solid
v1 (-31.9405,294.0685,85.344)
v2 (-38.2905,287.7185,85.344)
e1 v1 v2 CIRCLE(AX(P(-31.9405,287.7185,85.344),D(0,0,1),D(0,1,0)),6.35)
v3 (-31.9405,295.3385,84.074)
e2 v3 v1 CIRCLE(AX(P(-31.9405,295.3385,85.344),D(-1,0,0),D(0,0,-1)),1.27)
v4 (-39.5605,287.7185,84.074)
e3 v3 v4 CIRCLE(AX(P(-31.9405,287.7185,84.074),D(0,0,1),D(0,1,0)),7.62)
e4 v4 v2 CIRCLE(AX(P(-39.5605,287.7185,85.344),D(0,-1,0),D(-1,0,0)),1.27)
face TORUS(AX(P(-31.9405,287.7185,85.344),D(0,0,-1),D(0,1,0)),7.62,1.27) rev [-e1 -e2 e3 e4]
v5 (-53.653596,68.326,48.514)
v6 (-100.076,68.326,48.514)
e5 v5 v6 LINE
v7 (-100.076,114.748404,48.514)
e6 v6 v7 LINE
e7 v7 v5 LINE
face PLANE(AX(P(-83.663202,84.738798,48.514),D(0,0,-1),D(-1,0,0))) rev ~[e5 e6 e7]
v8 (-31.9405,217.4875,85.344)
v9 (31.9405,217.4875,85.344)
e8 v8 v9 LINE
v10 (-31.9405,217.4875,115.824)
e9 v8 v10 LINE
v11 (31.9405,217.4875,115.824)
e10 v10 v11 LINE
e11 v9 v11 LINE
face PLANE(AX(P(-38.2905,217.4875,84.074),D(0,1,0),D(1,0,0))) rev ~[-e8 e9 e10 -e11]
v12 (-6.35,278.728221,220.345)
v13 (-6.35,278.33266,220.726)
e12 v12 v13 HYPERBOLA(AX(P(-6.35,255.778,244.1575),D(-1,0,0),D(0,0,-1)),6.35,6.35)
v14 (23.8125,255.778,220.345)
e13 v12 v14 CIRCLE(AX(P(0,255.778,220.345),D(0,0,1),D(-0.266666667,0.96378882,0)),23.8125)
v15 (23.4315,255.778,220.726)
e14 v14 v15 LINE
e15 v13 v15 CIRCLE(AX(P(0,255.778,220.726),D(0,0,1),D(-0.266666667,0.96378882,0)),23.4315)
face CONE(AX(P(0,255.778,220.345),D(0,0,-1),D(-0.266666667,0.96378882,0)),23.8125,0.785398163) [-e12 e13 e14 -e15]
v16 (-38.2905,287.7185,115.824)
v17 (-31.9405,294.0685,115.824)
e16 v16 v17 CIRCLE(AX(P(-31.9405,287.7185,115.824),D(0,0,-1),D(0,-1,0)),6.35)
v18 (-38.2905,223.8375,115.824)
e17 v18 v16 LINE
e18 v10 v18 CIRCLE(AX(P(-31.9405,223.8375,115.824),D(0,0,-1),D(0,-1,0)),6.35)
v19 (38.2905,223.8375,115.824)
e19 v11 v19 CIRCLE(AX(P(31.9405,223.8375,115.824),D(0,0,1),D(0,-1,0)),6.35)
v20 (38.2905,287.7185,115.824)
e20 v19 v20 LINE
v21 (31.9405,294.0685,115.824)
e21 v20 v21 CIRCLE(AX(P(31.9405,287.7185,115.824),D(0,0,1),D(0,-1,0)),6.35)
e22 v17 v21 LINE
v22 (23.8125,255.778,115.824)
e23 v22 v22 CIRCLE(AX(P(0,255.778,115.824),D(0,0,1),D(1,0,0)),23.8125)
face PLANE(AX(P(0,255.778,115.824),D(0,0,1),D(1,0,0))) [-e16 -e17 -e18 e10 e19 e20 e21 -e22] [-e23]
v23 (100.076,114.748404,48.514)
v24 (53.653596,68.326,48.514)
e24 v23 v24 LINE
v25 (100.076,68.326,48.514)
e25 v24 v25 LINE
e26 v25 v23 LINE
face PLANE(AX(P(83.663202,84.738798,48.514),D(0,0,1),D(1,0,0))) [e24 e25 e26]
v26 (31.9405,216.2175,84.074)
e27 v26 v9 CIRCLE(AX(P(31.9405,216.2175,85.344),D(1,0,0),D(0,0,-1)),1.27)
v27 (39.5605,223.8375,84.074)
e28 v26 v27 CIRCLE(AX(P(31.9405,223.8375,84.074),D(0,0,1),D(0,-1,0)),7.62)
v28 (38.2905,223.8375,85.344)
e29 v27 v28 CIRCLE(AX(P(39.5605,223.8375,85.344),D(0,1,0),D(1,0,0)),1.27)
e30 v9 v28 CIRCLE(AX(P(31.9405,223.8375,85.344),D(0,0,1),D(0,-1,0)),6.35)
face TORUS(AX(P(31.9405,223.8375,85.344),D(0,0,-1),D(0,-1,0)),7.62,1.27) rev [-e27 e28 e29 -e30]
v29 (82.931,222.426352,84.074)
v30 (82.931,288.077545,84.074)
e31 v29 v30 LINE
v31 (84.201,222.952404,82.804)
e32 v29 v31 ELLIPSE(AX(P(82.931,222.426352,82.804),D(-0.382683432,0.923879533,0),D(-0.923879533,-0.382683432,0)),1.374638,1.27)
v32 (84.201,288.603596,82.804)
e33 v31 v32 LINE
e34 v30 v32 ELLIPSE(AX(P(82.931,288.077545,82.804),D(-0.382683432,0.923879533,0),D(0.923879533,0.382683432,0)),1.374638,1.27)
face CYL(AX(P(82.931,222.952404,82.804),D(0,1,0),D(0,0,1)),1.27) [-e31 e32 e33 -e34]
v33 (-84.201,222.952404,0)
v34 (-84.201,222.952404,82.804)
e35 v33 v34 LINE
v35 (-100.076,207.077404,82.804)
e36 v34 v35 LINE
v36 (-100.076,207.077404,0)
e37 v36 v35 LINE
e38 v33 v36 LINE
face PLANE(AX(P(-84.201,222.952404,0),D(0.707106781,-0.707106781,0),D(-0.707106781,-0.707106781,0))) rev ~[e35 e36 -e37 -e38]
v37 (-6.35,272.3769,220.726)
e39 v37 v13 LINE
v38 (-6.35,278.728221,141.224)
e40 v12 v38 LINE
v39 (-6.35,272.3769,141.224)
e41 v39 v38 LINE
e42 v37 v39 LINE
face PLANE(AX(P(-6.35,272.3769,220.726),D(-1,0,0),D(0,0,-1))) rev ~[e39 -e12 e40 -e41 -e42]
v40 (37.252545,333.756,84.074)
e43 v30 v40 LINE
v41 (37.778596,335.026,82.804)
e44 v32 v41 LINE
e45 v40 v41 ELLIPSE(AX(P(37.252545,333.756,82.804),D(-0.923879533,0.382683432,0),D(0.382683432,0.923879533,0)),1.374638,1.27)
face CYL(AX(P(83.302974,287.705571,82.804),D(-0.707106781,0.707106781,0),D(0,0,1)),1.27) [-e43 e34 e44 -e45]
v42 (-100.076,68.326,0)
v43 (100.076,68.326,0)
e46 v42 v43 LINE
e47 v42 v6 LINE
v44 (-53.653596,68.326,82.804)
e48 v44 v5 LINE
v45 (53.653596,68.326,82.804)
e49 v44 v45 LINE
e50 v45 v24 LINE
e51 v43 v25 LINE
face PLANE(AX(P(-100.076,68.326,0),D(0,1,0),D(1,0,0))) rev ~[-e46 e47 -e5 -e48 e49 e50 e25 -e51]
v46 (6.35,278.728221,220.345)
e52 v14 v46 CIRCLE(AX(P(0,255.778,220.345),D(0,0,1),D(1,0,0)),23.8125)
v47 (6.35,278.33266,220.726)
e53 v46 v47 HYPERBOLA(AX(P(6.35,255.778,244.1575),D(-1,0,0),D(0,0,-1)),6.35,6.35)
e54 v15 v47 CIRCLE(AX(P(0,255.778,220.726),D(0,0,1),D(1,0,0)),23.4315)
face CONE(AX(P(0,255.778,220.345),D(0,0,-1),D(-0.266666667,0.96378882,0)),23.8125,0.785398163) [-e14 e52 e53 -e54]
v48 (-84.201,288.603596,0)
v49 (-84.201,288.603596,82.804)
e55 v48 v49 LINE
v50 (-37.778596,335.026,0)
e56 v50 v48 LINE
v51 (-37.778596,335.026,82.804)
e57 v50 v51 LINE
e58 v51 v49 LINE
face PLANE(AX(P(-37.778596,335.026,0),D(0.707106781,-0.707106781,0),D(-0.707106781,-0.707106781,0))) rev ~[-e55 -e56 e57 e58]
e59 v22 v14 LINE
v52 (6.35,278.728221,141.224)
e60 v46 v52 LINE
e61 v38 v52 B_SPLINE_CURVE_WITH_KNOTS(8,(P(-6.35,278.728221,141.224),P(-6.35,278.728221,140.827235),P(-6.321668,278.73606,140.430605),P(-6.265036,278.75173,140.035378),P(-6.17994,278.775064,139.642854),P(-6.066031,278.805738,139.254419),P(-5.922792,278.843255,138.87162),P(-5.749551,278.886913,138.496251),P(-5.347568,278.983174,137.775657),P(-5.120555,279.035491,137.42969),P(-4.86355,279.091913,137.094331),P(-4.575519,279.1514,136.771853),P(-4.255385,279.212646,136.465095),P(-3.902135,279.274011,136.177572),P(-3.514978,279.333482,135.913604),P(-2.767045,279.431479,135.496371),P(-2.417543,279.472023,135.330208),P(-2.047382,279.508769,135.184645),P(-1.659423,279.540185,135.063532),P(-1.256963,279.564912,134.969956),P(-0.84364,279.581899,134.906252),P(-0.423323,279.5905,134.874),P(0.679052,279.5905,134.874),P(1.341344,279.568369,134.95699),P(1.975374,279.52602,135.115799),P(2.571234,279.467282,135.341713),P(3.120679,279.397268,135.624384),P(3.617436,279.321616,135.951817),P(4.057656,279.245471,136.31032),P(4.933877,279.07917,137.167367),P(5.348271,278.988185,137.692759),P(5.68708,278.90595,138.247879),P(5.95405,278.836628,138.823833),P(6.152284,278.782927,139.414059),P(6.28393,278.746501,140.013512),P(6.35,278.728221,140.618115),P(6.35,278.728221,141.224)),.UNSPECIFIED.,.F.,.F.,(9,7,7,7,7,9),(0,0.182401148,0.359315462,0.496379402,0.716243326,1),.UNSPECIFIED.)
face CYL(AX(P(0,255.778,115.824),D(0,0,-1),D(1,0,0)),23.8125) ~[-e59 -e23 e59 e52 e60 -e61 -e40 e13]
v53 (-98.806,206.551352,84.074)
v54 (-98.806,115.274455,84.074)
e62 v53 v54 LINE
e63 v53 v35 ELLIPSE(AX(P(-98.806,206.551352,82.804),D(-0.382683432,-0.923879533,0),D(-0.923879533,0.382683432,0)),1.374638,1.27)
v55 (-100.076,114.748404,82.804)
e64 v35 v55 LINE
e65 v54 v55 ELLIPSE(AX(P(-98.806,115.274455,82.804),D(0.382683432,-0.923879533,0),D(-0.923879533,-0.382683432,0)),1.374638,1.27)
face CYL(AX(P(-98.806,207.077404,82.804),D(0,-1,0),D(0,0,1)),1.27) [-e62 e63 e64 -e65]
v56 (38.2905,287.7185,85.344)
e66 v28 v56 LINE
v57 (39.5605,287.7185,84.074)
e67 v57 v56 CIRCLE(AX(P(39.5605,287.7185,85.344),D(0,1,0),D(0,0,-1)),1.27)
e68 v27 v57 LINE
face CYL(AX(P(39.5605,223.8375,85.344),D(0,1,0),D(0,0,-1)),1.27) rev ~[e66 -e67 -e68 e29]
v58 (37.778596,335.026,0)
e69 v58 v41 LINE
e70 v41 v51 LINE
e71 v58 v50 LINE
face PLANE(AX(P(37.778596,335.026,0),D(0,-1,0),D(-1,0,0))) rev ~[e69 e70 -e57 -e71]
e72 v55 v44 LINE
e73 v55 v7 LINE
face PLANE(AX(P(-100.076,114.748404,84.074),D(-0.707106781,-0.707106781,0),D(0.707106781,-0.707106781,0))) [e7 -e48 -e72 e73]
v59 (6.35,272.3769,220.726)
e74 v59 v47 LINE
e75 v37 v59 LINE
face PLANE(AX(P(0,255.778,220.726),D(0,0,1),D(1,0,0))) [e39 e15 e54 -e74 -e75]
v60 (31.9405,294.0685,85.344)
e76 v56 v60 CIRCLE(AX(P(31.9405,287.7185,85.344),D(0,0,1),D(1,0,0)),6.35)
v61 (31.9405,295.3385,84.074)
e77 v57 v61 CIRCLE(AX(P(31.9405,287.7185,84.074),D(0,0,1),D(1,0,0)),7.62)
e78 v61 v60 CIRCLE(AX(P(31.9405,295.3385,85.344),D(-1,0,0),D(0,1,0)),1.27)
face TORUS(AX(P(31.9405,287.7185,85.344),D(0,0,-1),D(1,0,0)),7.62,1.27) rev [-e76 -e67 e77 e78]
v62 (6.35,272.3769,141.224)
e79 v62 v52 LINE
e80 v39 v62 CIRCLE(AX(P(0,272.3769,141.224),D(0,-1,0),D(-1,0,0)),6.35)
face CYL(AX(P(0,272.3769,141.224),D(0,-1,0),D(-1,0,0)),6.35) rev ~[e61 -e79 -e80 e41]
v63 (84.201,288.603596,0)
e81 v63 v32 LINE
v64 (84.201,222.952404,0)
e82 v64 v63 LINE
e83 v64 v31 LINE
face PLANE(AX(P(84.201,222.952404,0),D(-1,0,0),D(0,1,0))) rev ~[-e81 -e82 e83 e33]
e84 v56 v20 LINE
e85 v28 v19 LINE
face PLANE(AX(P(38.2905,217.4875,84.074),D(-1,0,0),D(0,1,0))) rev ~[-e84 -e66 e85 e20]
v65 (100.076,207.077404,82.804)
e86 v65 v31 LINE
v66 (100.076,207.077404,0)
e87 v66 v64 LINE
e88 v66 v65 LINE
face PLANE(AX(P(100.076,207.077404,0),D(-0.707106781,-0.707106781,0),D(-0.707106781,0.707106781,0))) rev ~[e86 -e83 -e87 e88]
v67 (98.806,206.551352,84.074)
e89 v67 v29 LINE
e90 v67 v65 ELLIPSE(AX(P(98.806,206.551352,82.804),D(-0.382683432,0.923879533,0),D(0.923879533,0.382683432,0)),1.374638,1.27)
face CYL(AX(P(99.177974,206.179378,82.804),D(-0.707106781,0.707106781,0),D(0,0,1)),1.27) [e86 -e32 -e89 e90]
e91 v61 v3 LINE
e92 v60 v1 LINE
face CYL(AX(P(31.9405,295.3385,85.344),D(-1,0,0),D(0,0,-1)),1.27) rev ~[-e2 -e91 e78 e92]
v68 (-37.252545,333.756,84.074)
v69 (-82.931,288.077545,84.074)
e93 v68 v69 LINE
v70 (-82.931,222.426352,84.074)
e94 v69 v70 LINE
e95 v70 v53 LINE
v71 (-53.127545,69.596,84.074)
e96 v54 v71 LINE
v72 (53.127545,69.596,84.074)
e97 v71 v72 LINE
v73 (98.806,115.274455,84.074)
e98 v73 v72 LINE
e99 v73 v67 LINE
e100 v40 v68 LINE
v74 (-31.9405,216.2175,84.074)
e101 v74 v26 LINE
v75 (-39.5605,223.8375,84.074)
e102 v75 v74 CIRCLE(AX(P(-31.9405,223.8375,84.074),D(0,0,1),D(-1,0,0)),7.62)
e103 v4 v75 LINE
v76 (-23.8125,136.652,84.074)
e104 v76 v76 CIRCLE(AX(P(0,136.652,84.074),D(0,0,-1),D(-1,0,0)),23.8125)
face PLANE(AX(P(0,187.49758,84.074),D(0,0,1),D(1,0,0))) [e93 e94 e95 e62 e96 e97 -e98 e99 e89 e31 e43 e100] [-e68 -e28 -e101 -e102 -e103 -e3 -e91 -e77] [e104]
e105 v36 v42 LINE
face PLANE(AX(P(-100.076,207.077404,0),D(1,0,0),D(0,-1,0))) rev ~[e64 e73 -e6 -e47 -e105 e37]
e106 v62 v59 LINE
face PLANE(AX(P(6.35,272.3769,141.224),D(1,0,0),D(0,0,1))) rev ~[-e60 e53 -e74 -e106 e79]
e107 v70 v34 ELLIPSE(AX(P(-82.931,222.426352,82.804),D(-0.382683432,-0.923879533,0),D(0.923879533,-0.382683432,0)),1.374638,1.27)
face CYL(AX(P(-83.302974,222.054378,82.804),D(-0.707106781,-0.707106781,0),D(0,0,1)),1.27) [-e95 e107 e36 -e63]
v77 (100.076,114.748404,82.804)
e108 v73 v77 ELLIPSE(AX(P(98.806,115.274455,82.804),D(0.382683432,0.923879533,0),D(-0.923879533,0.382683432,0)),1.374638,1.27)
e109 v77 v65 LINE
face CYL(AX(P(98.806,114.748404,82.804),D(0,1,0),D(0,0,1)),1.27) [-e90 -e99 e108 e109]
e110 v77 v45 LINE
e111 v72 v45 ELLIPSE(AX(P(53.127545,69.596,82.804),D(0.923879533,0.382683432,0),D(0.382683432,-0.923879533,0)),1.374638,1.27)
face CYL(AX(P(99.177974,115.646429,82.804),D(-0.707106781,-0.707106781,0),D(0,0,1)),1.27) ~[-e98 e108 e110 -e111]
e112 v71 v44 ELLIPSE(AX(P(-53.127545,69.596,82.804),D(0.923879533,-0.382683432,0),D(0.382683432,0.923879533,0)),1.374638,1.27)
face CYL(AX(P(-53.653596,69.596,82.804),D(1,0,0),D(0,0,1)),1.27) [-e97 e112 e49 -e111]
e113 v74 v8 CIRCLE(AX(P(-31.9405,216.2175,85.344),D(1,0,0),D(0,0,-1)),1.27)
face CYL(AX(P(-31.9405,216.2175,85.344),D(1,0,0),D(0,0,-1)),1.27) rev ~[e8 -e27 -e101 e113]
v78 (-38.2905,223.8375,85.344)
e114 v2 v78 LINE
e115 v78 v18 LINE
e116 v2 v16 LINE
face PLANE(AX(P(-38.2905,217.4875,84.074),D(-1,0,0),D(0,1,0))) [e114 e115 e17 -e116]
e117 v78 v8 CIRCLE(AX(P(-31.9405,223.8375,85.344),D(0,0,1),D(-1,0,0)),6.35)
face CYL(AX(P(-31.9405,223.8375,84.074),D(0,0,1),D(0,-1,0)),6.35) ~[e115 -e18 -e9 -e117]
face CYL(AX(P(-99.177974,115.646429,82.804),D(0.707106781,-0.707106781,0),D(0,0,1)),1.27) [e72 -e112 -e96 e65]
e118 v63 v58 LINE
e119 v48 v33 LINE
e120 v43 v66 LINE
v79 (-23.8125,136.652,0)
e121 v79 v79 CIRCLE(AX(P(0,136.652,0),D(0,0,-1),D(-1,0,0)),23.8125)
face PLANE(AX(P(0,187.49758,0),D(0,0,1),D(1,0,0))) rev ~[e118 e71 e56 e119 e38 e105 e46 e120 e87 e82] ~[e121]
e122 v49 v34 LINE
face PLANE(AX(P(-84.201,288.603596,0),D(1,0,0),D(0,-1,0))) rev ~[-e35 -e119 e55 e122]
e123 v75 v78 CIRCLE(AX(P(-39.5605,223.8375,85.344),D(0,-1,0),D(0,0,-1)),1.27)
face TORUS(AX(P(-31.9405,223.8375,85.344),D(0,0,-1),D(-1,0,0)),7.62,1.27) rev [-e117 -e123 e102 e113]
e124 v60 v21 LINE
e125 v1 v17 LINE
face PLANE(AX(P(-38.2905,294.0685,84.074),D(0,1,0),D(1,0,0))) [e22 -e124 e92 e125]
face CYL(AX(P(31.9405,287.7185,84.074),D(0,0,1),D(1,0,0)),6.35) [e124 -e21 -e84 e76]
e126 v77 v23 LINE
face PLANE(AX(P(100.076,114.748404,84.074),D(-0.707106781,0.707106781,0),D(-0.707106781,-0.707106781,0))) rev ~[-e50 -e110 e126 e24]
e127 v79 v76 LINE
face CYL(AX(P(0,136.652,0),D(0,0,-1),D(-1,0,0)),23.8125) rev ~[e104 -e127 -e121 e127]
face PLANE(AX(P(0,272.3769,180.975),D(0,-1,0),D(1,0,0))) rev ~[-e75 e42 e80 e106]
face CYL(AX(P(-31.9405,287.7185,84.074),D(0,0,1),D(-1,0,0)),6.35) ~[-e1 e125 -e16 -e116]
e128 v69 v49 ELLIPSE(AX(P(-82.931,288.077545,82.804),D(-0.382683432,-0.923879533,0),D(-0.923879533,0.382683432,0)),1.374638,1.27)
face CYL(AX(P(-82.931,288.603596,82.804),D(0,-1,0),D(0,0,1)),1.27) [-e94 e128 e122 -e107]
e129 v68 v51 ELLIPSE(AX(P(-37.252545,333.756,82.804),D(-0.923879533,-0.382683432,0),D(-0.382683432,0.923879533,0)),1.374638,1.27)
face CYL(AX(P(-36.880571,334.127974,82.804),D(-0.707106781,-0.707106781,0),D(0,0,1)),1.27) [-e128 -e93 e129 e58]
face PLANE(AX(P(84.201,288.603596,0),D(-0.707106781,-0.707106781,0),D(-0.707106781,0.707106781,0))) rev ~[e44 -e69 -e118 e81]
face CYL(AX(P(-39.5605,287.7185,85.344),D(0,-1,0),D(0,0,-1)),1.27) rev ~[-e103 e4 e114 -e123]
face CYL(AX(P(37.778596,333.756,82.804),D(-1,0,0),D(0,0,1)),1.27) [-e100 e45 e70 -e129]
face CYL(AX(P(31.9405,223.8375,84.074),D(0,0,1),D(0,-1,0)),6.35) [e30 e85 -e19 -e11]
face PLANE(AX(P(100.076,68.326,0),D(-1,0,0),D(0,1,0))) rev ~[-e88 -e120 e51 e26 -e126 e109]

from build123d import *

# Parameters (mm, degrees)
BOSS_EXTRUDE1_DEPTH = 84.074
SKETCH3_W           = 76.581
SKETCH3_H           = 76.581
BOSS_EXTRUDE2_DEPTH = 31.75
SKETCH_D_R          = 23.8125
BOSS_EXTRUDE3_DEPTH = 104.902
CUT_EXTRUDE1_DEPTH  = 35.56
FILLET1_R           = 6.35
FILLET2_R           = 1.27
KEYWAY_START        = 16.5989
KEYWAY_DEPTH        = 63.6491
CHAMFER1_SIZE       = 0.381
SKETCH7_R           = 23.8125
CUT_EXTRUDE3_DEPTH  = 221.726


with BuildPart() as part:
    # L,M → Boss-Extrude1 (new body)
    with BuildSketch(Plane.XY):
        Polygon((-100.076, 68.326), (100.076, 68.326), (100.076, 207.077403609), (84.201, 222.952403609), (84.201, 288.603596391), (37.778596391, 335.026), (-37.778596391, 335.026), (-84.201, 288.603596391), (-84.201, 222.952403609), (-100.076, 207.077403609), align=None)
    extrude(amount=BOSS_EXTRUDE1_DEPTH)

    # Sketch3 → Boss-Extrude2 (add)
    with BuildSketch(Plane.XY.offset(84.074)):
        with Locations((0, 255.778)):
            Rectangle(SKETCH3_W, SKETCH3_H)
    extrude(amount=BOSS_EXTRUDE2_DEPTH)

    # D → Boss-Extrude3 (add)
    with BuildSketch(Plane.XY.offset(115.824)):
        with Locations((0, 255.778)):
            Circle(SKETCH_D_R)
    extrude(amount=BOSS_EXTRUDE3_DEPTH)

    # Sketch5 → Cut-Extrude1 (cut)
    with BuildSketch(Plane.XY.offset(84.074)):
        Polygon((100.076, 114.748403609), (53.653596391, 68.326), (100.076, 68.326), align=None)
        Polygon((-100.076, 68.326), (-100.076, 114.748403609), (-53.653596391, 68.326), align=None)
    extrude(amount=-CUT_EXTRUDE1_DEPTH, mode=Mode.SUBTRACT)

    # Fillet1
    fillet1_edges = [part.edges().sort_by_distance(p)[0] for p in [
        (-38.2905, 294.0685, 99.949),
        (-38.2905, 217.4875, 99.949),
        (38.2905, 217.4875, 99.949),
        (38.2905, 294.0685, 99.949),
    ]]
    fillet(fillet1_edges, radius=FILLET1_R)

    # Fillet2
    fillet2_edges = [part.edges().sort_by_distance(p)[0] for p in [
        (100.076, 160.912903609, 84.074),
        (76.864798195, 91.537201805, 84.074),
        (92.1385, 215.014903609, 84.074),
        (84.201, 255.778, 84.074),
        (60.989798195, 311.814798195, 84.074),
        (0, 335.026, 84.074),
        (0, 68.326, 84.074),
        (-60.989798195, 311.814798195, 84.074),
        (-84.201, 255.778, 84.074),
        (-92.1385, 215.014903609, 84.074),
        (-100.076, 160.912903609, 84.074),
        (-76.864798195, 91.537201805, 84.074),
        (0, 217.4875, 84.074),
        (-38.2905, 255.778, 84.074),
        (38.2905, 255.778, 84.074),
        (0, 294.0685, 84.074),
        (-36.430628061, 219.347371939, 84.074),
        (36.430628061, 219.347371939, 84.074),
        (-36.430628061, 292.208628061, 84.074),
        (36.430628061, 292.208628061, 84.074),
    ]]
    fillet(fillet2_edges, radius=FILLET2_R)

    # Sketch6 → Keyway (cut, through all)
    with BuildSketch(Plane(origin=(0, 255.778, 0), x_dir=(-1, 0, 0), z_dir=(0, 1, 0)).offset(KEYWAY_START)):
        with BuildLine():
            Line((6.35, 220.726), (6.35, 141.224))
            ThreePointArc((6.35, 141.224), (0, 134.874), (-6.35, 141.224))
            Line((-6.35, 141.224), (-6.35, 220.726))
            ThreePointArc((-6.35, 220.726), (0, 227.076), (6.35, 220.726))
        make_face()
    extrude(amount=KEYWAY_DEPTH, mode=Mode.SUBTRACT)

    # Chamfer1
    chamfer1_edges = [part.edges().sort_by_distance(p)[0] for p in [
        (-14.419184811, 236.827478487, 220.726),
    ]]
    chamfer(chamfer1_edges, length=CHAMFER1_SIZE)

    # Sketch7 → Cut-Extrude3 (cut, through all)
    with BuildSketch(Plane(origin=(0, 0, 0), x_dir=(-1, 0, 0), z_dir=(0, 0, -1))):
        with Locations((0, 136.652)):
            Circle(SKETCH7_R)
    extrude(amount=-CUT_EXTRUDE3_DEPTH, mode=Mode.SUBTRACT)


solid = part.part
